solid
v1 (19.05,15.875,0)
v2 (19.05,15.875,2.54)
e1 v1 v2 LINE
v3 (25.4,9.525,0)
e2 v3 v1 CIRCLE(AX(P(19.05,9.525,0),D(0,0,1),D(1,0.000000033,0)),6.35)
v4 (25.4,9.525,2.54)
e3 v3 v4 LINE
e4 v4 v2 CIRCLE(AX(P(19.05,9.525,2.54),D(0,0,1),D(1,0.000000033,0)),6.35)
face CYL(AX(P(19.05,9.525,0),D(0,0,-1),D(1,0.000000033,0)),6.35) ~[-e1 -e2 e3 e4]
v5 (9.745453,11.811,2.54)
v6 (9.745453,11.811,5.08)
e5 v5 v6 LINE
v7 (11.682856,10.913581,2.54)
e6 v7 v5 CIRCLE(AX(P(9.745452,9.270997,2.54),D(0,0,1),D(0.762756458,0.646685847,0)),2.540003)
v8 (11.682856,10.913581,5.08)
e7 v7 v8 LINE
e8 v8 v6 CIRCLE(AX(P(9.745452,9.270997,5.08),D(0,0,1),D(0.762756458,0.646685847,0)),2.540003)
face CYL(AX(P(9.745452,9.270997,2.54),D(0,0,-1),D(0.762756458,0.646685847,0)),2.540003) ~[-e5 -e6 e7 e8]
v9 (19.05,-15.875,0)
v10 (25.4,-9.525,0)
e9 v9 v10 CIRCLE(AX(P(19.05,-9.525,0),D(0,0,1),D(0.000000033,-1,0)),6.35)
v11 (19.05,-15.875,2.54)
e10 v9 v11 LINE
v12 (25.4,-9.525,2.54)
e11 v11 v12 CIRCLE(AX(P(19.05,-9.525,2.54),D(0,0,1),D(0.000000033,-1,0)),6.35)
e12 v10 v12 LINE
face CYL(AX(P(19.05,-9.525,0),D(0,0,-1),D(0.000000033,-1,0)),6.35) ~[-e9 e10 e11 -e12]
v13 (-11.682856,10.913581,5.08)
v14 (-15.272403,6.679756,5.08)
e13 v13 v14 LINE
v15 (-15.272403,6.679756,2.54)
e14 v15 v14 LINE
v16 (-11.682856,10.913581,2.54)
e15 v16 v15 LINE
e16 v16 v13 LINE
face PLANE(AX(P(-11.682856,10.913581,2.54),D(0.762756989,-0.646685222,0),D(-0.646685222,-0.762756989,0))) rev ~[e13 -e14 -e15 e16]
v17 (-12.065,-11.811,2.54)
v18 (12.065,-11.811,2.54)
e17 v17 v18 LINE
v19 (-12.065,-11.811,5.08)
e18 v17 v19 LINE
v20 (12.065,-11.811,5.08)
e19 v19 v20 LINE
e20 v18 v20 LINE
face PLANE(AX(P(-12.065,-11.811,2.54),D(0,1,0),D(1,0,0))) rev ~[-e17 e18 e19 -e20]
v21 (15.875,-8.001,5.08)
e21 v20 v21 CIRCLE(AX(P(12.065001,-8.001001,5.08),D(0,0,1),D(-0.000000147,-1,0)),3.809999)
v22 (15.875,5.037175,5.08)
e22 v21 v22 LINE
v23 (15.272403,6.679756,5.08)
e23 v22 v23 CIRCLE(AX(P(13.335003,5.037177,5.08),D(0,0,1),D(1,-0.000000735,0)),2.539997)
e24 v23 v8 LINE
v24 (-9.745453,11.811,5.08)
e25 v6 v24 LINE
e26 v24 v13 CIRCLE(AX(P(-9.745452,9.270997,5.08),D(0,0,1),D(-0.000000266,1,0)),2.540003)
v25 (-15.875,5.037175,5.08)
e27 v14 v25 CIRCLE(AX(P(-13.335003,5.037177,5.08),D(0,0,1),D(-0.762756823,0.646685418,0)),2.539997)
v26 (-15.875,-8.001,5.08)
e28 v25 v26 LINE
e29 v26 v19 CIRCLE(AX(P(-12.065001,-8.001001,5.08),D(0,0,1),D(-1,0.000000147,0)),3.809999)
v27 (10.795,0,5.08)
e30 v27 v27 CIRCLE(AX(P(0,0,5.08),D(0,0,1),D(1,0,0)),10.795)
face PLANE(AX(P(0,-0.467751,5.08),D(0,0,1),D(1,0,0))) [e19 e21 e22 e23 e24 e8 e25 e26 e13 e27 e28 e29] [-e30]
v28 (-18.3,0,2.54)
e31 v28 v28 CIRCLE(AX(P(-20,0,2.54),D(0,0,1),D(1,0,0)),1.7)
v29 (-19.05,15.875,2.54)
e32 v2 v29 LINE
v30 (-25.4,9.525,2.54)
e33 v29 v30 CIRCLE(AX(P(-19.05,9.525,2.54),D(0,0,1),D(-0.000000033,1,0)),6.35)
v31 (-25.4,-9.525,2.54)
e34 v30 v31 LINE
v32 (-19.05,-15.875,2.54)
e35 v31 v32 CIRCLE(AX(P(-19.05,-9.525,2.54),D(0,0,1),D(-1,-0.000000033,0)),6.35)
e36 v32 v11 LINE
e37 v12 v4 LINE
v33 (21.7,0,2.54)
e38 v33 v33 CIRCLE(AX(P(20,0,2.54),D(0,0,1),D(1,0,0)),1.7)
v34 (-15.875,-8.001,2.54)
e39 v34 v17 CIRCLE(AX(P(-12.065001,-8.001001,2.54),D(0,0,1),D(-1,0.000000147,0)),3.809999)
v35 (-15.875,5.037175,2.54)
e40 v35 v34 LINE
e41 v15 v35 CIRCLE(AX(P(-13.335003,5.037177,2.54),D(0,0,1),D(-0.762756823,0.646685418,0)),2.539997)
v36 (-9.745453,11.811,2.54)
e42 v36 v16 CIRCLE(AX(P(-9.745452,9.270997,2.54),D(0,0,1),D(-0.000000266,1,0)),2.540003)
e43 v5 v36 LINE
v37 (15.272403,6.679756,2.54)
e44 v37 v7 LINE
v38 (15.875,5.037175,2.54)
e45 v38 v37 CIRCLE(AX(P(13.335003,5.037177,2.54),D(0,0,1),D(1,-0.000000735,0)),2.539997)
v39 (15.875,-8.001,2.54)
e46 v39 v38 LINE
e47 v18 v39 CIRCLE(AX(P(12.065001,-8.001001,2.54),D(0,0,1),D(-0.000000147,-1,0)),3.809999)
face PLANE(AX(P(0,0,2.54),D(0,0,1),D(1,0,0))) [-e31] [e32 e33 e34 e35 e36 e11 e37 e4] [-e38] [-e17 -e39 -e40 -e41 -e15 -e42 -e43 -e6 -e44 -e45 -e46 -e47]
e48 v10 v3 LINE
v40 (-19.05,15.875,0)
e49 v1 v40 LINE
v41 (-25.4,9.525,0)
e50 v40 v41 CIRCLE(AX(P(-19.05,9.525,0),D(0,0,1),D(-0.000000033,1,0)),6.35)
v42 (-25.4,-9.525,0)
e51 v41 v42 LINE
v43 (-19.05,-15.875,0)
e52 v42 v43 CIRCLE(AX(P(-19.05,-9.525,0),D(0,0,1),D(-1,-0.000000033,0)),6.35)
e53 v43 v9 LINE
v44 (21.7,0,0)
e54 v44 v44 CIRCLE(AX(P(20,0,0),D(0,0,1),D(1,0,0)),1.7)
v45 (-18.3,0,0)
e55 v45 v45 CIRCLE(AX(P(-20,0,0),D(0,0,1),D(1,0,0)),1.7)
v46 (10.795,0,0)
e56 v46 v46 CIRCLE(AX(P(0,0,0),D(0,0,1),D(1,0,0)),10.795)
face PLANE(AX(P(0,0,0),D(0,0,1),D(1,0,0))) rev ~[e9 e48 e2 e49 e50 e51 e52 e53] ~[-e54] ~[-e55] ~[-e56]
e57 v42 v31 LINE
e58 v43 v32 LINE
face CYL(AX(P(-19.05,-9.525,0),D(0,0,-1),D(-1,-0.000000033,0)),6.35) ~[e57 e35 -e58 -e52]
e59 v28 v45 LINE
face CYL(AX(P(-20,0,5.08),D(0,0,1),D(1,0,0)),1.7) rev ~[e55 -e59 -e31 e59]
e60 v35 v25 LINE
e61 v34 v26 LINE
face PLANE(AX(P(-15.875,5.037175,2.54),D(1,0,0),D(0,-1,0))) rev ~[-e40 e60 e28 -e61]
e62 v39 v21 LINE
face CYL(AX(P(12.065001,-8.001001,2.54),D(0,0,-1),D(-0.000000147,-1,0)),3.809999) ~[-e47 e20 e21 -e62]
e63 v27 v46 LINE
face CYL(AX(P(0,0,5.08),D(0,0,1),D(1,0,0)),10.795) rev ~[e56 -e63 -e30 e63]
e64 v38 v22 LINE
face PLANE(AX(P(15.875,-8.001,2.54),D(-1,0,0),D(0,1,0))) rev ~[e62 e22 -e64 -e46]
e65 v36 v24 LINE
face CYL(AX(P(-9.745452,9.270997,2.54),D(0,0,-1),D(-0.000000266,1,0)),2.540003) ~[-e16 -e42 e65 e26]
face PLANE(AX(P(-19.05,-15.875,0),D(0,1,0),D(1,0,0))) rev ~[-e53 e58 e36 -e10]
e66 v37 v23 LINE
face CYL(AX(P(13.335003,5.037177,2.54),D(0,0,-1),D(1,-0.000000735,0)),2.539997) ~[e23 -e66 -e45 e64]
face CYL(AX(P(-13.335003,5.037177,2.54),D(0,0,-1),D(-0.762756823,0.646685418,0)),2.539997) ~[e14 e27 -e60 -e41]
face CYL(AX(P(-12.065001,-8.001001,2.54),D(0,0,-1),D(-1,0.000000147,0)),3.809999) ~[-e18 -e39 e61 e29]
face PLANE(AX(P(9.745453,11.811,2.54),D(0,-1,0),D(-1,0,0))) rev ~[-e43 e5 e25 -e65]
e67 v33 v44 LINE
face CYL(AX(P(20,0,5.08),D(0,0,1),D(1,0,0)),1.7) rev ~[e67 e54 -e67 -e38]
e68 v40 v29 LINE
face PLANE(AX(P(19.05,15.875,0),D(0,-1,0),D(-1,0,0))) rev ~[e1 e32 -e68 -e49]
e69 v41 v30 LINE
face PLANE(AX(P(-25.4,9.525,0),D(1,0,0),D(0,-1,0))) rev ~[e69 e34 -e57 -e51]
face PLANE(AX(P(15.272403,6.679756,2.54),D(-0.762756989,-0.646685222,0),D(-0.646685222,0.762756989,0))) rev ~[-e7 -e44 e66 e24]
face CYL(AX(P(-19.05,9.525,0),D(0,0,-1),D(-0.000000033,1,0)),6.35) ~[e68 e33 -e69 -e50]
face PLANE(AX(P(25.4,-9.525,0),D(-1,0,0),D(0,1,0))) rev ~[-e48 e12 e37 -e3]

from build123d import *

# Parameters (mm, degrees)
F1_DEPTH = 2.54
F3_DEPTH = 2.54
F4_R     = 10.795
F4_R_2   = 1.7
F5_DEPTH = 5.081


with BuildPart() as f1:
    # F0 (on Top) → F1 (new body)
    with BuildSketch(Plane.XY):
        with BuildLine():
            Line((-19.05, -15.875), (19.05, -15.875))
            ThreePointArc((19.05, -15.875), (23.540128, -14.015128), (25.4, -9.525))
            Line((25.4, -9.525), (25.4, 9.525))
            ThreePointArc((25.4, 9.525), (23.540128, 14.015128), (19.05, 15.875))
            Line((19.05, 15.875), (-19.05, 15.875))
            ThreePointArc((-19.05, 15.875), (-23.540128, 14.015128), (-25.4, 9.525))
            Line((-25.4, 9.525), (-25.4, -9.525))
            ThreePointArc((-25.4, -9.525), (-23.540128, -14.015128), (-19.05, -15.875))
        make_face()
    extrude(amount=F1_DEPTH)

    # F2 (on face) → F3 (join)
    with BuildSketch(Plane.XY.offset(2.54)):
        with BuildLine():
            Line((-12.065, -11.811), (12.065, -11.811))
            ThreePointArc((12.065, -11.811), (14.759077, -10.695077), (15.875, -8.001))
            Line((15.875, -8.001), (15.875, 5.037175))
            ThreePointArc((15.875, 5.037175), (15.719597, 5.911989), (15.272403, 6.679756))
            Line((15.272403, 6.679756), (11.682856, 10.913581))
            ThreePointArc((11.682856, 10.913581), (10.813031, 11.575751), (9.745453, 11.811))
            Line((9.745453, 11.811), (-9.745453, 11.811))
            ThreePointArc((-9.745453, 11.811), (-10.813031, 11.575751), (-11.682856, 10.913581))
            Line((-11.682856, 10.913581), (-15.272403, 6.679756))
            ThreePointArc((-15.272403, 6.679756), (-15.719597, 5.911989), (-15.875, 5.037175))
            Line((-15.875, 5.037175), (-15.875, -8.001))
            ThreePointArc((-15.875, -8.001), (-14.759077, -10.695077), (-12.065, -11.811))
        make_face()
    extrude(amount=F3_DEPTH)

    # F4 (on face) → F5 (cut, through all)
    with BuildSketch(Plane.XY.offset(5.08)):
        Circle(F4_R)
        with Locations((-20, 0)):
            Circle(F4_R_2)
        with Locations((20, 0)):
            Circle(F4_R_2)
    extrude(amount=-F5_DEPTH, mode=Mode.SUBTRACT)


solid = f1.part
